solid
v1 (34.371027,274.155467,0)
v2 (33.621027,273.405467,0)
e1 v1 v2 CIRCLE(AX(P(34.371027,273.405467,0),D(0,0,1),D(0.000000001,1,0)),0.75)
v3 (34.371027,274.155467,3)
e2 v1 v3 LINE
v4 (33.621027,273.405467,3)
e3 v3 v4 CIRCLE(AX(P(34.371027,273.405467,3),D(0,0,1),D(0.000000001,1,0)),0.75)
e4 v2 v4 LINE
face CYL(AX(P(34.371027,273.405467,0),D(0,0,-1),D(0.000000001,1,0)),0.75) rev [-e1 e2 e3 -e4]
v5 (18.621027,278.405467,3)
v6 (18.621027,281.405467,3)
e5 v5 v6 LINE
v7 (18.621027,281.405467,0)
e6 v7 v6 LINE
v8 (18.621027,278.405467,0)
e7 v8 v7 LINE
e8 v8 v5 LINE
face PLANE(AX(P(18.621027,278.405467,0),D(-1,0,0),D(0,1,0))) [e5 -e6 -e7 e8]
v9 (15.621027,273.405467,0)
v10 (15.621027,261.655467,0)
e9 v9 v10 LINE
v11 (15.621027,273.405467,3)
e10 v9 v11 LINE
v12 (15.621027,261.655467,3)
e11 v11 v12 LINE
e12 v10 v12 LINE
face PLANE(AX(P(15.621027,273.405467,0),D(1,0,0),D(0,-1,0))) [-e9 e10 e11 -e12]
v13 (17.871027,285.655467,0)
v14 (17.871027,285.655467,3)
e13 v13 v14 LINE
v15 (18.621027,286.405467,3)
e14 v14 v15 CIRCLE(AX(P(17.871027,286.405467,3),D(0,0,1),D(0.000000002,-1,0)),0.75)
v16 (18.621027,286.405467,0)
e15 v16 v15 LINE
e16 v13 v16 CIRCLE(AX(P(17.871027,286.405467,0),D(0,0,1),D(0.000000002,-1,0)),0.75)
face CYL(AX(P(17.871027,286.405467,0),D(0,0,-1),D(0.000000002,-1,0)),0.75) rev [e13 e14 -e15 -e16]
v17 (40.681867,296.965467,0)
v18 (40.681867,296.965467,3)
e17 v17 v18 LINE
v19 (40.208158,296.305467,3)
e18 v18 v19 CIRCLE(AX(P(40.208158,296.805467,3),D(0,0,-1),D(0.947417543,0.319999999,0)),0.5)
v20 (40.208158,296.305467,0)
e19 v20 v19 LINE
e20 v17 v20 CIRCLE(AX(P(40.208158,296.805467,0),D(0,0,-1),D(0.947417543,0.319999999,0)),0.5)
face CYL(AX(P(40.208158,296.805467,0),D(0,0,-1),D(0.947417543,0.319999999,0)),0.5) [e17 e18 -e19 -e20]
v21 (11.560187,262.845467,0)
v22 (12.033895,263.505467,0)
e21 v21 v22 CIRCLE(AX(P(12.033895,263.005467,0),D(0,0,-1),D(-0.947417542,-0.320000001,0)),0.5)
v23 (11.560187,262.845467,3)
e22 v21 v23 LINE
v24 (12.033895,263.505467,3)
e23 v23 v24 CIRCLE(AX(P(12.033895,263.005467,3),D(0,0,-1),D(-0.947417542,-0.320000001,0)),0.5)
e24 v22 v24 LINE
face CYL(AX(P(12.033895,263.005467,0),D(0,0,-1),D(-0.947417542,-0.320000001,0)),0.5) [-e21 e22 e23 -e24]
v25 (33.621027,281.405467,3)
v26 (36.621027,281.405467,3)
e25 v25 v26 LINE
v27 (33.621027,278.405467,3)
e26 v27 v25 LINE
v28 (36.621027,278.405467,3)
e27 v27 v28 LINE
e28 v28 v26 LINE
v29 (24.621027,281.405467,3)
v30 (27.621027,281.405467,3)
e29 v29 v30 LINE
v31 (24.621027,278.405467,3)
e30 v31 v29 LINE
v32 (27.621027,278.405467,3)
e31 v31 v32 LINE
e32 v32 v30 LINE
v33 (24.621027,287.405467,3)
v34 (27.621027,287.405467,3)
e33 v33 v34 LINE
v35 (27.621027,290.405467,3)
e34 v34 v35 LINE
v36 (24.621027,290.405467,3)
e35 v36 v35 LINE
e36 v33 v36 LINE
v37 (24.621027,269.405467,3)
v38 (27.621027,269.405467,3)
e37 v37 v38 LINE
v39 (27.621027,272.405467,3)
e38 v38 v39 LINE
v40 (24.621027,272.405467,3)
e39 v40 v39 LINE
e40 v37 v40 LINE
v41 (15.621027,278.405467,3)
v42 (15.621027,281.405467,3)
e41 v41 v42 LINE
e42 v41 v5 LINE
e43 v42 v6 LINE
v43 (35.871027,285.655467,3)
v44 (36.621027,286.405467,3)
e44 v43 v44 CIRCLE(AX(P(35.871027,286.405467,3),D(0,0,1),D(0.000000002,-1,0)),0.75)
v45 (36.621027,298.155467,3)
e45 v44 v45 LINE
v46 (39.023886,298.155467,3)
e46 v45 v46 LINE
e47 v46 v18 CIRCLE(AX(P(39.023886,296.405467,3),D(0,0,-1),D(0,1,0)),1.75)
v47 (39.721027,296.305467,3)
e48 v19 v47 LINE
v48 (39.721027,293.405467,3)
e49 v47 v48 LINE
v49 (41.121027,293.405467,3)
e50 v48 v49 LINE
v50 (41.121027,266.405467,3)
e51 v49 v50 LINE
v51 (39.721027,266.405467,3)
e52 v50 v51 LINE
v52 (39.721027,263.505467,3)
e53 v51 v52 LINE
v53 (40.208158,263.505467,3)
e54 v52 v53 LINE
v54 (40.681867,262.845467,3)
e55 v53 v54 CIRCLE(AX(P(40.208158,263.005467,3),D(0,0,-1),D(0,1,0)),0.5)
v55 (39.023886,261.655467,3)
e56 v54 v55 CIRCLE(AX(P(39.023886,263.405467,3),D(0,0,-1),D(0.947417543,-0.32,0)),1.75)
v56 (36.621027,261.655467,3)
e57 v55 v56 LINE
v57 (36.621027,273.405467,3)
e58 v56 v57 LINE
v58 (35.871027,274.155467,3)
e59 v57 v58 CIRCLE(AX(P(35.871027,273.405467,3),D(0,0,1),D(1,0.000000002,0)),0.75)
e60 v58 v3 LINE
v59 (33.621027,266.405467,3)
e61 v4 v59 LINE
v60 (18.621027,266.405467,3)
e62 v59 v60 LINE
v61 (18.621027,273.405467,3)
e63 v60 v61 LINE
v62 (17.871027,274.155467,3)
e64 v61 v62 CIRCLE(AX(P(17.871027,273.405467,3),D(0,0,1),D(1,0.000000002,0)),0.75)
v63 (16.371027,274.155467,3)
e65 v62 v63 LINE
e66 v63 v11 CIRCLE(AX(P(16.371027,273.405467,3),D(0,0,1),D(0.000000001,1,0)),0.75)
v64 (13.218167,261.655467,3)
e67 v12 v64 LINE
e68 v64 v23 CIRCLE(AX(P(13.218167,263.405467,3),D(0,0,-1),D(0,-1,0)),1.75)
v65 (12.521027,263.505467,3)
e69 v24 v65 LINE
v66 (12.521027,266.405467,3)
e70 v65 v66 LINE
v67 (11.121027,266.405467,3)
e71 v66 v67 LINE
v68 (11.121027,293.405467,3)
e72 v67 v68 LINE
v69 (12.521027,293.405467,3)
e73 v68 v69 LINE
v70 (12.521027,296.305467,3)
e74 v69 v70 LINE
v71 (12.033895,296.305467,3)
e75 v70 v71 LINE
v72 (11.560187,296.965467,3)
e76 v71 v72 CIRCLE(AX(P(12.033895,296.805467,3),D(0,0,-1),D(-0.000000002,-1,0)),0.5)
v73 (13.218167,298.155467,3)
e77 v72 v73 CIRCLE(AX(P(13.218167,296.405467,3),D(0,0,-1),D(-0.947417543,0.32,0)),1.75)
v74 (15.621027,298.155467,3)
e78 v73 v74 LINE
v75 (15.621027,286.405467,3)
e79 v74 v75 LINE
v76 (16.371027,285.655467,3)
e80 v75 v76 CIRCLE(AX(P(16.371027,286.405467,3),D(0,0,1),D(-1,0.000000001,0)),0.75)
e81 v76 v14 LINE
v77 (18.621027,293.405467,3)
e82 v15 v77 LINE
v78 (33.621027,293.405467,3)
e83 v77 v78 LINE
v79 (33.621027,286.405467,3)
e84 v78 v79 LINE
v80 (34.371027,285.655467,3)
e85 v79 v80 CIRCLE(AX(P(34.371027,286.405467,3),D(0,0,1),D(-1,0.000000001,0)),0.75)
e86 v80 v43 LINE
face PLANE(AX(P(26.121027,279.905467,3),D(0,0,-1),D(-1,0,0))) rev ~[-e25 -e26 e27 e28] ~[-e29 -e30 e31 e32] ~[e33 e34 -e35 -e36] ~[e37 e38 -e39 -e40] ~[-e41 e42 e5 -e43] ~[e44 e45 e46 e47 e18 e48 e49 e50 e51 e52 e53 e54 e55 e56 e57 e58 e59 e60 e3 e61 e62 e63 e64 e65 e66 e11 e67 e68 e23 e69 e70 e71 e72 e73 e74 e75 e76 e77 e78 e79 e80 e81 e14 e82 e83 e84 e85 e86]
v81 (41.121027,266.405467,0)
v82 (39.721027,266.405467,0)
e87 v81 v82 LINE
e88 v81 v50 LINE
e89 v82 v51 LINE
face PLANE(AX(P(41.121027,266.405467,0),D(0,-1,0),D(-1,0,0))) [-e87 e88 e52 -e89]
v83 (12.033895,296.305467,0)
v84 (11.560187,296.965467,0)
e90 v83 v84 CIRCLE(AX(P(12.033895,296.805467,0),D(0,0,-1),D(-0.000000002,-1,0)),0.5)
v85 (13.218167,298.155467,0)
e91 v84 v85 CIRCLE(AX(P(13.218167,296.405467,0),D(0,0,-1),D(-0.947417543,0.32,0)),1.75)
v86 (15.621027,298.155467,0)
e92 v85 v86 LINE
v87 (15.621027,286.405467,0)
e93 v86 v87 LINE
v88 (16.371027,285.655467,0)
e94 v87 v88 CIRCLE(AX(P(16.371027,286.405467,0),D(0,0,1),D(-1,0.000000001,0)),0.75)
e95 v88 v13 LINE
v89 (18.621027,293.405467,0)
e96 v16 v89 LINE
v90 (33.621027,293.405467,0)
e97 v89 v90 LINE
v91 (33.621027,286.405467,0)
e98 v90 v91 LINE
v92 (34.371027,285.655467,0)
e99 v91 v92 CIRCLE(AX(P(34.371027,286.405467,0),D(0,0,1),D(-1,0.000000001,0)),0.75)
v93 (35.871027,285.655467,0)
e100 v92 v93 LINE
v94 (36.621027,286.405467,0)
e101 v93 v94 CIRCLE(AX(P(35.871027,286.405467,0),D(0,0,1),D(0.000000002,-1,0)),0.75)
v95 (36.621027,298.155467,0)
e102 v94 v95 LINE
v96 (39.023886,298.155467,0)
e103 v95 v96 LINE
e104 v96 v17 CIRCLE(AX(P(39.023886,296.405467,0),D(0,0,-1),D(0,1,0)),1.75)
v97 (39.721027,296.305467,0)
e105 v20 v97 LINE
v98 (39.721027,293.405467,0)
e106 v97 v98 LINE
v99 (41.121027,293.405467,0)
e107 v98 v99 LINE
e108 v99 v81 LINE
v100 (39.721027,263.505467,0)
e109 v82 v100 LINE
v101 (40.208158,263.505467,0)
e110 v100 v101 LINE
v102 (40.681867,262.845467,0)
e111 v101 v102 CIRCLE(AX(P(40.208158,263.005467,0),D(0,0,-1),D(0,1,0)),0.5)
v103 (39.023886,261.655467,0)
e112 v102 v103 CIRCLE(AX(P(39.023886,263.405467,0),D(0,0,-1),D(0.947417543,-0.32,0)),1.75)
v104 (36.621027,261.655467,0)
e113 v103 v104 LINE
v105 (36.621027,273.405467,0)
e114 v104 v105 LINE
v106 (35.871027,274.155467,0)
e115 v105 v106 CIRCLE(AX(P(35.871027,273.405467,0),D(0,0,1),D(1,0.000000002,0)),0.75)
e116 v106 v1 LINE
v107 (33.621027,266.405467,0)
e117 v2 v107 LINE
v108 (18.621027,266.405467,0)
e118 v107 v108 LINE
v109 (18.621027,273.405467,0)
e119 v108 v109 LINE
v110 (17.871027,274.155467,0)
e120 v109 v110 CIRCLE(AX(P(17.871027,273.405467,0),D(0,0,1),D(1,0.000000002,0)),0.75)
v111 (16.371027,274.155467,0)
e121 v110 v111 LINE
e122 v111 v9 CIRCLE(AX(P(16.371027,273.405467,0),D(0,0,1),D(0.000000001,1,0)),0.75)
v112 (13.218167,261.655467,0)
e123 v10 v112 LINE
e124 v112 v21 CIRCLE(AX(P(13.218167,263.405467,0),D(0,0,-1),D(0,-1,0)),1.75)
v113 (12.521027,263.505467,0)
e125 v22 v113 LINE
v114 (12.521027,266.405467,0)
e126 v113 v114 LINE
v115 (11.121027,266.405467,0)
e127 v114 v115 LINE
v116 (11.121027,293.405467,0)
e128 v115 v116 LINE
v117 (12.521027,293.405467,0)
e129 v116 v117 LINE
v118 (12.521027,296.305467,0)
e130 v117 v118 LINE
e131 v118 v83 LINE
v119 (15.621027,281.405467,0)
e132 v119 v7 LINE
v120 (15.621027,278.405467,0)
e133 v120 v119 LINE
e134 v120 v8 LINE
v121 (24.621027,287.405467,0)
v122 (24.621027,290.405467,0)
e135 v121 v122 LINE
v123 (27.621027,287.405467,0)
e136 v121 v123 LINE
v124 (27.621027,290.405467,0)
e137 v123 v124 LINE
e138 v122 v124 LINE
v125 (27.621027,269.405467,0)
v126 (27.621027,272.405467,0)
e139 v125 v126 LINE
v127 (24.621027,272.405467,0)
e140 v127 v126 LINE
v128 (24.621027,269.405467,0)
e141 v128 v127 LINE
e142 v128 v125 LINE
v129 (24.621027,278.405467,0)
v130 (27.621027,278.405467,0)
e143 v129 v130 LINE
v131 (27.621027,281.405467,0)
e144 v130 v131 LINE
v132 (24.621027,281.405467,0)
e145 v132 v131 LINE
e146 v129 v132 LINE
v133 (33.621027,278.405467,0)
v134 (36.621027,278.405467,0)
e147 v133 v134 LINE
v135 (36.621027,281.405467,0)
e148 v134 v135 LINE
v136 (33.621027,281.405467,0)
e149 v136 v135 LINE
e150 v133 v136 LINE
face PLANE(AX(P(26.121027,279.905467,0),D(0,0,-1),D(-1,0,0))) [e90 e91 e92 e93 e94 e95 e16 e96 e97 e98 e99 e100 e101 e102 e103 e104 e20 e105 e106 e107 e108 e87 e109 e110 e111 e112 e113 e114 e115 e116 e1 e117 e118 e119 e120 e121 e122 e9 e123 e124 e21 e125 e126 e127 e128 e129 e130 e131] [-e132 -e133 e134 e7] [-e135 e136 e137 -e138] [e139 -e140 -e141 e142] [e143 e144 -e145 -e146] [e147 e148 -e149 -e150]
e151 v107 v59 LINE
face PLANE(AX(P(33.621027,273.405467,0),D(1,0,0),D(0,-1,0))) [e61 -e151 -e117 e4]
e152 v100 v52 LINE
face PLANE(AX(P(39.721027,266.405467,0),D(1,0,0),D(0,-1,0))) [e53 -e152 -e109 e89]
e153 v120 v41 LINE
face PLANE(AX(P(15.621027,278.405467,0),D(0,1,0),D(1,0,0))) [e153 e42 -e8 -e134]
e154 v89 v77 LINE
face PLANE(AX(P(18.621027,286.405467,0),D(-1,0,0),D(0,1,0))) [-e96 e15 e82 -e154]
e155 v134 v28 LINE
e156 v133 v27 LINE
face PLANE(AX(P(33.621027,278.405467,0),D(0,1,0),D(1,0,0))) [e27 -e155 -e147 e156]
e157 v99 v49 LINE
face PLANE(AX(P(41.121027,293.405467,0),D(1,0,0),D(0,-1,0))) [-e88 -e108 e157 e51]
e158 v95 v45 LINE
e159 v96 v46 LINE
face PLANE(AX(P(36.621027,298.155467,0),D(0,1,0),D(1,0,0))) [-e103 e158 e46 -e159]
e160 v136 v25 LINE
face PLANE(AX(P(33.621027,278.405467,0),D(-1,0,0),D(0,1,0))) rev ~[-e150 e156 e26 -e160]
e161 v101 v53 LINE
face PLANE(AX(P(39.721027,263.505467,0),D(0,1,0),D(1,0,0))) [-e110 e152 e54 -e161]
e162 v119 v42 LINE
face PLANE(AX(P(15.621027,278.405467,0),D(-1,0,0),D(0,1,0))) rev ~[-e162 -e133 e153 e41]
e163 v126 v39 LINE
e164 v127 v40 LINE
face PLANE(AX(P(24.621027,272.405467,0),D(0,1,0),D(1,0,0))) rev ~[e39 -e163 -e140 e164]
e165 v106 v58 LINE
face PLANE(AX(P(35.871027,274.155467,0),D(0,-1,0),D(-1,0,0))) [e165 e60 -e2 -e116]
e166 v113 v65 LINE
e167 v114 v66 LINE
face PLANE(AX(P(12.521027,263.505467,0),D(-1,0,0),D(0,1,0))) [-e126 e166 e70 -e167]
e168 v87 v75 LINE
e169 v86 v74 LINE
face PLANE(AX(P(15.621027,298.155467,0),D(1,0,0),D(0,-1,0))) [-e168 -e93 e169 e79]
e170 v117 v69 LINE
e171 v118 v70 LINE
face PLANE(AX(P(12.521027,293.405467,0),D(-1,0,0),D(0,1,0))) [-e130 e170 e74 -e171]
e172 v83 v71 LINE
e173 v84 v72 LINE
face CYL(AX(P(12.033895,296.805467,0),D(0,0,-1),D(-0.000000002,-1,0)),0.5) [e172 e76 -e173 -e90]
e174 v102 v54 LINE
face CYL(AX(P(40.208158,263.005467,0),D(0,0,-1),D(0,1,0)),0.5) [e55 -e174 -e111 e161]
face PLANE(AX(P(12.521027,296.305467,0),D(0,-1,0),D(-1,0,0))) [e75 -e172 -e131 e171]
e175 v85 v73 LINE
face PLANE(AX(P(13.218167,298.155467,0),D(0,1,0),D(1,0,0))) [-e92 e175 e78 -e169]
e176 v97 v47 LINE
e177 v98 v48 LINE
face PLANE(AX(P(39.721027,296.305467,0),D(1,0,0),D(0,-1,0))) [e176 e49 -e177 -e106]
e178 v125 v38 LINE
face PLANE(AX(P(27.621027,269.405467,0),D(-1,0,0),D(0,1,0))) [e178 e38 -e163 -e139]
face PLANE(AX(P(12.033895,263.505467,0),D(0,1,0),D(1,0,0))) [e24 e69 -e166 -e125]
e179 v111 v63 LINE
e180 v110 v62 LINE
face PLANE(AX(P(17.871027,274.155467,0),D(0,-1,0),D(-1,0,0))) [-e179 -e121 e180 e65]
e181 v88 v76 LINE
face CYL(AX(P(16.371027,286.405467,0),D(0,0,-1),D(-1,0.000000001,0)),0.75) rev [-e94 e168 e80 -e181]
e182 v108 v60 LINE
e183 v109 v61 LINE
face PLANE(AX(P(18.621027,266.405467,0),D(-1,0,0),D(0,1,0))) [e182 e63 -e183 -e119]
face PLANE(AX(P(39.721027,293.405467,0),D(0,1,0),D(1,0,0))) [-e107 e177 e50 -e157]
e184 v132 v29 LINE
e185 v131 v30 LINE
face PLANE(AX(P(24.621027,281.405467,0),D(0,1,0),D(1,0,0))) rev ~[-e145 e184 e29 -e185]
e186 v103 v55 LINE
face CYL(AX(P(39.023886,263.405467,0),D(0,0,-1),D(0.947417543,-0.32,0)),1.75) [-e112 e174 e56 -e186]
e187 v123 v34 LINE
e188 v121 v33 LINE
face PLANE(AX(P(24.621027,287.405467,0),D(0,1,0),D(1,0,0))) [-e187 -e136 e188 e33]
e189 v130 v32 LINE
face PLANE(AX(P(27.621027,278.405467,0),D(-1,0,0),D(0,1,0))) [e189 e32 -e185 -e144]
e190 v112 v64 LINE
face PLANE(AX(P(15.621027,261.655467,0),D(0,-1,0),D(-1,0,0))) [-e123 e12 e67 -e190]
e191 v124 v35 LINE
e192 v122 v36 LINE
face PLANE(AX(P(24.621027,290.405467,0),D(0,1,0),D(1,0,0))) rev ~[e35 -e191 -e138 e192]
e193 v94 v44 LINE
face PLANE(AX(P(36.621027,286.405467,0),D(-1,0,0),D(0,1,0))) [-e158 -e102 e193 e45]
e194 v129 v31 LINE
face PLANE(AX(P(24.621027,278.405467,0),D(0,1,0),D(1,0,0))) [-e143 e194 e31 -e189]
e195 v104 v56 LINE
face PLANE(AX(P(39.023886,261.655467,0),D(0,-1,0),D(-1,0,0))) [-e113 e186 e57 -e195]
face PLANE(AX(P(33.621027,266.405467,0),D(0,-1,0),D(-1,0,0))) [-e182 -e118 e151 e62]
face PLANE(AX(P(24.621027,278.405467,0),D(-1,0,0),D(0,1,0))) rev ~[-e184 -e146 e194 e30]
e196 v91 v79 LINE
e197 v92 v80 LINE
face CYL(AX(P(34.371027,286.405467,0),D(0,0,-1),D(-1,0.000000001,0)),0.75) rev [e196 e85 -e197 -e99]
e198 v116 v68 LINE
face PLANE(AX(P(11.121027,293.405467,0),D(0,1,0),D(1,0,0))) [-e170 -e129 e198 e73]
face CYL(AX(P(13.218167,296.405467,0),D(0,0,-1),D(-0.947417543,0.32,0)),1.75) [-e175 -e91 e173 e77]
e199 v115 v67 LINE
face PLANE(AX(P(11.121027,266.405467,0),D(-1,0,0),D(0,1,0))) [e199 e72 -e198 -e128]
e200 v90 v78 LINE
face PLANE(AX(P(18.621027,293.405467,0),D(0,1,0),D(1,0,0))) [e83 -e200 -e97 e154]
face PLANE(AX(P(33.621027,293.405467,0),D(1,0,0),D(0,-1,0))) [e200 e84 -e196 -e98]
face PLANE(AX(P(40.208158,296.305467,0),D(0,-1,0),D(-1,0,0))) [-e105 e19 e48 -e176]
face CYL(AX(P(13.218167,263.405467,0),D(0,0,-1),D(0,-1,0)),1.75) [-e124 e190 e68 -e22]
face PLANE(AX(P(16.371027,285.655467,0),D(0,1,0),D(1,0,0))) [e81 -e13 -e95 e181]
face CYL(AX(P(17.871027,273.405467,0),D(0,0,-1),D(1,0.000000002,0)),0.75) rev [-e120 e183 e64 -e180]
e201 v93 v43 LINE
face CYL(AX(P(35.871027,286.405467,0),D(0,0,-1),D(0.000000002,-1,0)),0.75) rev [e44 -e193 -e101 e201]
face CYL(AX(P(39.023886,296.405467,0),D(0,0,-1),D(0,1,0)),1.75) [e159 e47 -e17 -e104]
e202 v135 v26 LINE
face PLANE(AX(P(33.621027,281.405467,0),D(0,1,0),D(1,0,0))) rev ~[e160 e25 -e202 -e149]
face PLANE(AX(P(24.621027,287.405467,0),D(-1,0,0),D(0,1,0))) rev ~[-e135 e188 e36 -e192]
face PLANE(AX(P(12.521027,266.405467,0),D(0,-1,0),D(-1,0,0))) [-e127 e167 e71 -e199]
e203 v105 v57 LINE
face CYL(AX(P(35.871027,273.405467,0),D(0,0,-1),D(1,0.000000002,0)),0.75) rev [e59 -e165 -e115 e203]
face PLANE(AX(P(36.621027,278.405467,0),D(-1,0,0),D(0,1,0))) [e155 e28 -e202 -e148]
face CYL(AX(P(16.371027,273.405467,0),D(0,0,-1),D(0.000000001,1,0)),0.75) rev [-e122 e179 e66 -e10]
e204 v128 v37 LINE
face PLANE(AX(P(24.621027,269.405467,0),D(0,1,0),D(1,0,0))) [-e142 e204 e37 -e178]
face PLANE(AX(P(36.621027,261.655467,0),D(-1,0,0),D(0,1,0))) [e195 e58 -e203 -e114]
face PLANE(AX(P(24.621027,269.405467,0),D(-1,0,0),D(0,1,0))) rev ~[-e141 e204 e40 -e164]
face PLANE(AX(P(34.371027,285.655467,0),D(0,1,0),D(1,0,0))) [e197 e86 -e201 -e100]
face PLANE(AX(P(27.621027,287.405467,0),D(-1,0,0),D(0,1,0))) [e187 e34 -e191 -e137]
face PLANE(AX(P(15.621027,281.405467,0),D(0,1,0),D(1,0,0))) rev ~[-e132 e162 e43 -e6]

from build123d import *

# Parameters (mm, degrees)
MODEL_W                 = 3
MODEL_H                 = 3
SALIENTE_EXTRUIR1_DEPTH = 3


with BuildPart() as part:
    # Model → Saliente-Extruir1 (new body)
    with BuildSketch(Plane.XY):
        with BuildLine():
            Line((36.621026826, 298.155466529), (39.023886305, 298.155466529))
            ThreePointArc((39.023886305, 298.155466529), (40.044302886, 297.82717325), (40.681867004, 296.965466529))
            ThreePointArc((40.681867004, 296.965466529), (40.614360153, 296.513918935), (40.208158233, 296.305466529))
            Line((40.208158233, 296.305466529), (39.721026826, 296.305466529))
            Line((39.721026826, 296.305466529), (39.721026826, 293.405466529))
            Line((39.721026826, 293.405466529), (41.121026826, 293.405466529))
            Line((41.121026826, 293.405466529), (41.121026826, 266.405466529))
            Line((41.121026826, 266.405466529), (39.721026826, 266.405466529))
            Line((39.721026826, 266.405466529), (39.721026826, 263.505466529))
            Line((39.721026826, 263.505466529), (40.208158233, 263.505466529))
            ThreePointArc((40.208158233, 263.505466529), (40.614360153, 263.297014124), (40.681867004, 262.845466529))
            ThreePointArc((40.681867004, 262.845466529), (40.044302886, 261.983759808), (39.023886305, 261.655466529))
            Line((39.023886305, 261.655466529), (36.621026826, 261.655466529))
            Line((36.621026826, 261.655466529), (36.621026826, 273.405466529))
            ThreePointArc((36.621026826, 273.405466529), (36.401356911, 273.935796615), (35.871026826, 274.155466529))
            Line((35.871026826, 274.155466529), (34.371026826, 274.155466529))
            ThreePointArc((34.371026826, 274.155466529), (33.84069674, 273.935796615), (33.621026826, 273.405466529))
            Line((33.621026826, 273.405466529), (33.621026826, 266.405466529))
            Line((33.621026826, 266.405466529), (18.621026826, 266.405466529))
            Line((18.621026826, 266.405466529), (18.621026826, 273.405466529))
            ThreePointArc((18.621026826, 273.405466529), (18.401356911, 273.935796615), (17.871026826, 274.155466529))
            Line((17.871026826, 274.155466529), (16.371026826, 274.155466529))
            ThreePointArc((16.371026826, 274.155466529), (15.84069674, 273.935796615), (15.621026826, 273.405466529))
            Line((15.621026826, 273.405466529), (15.621026826, 261.655466529))
            Line((15.621026826, 261.655466529), (13.218167347, 261.655466529))
            ThreePointArc((13.218167347, 261.655466529), (12.197750765, 261.983759808), (11.560186647, 262.845466529))
            ThreePointArc((11.560186647, 262.845466529), (11.627693498, 263.297014124), (12.033895418, 263.505466529))
            Line((12.033895418, 263.505466529), (12.521026826, 263.505466529))
            Line((12.521026826, 263.505466529), (12.521026826, 266.405466529))
            Line((12.521026826, 266.405466529), (11.121026826, 266.405466529))
            Line((11.121026826, 266.405466529), (11.121026826, 293.405466529))
            Line((11.121026826, 293.405466529), (12.521026826, 293.405466529))
            Line((12.521026826, 293.405466529), (12.521026826, 296.305466529))
            Line((12.521026826, 296.305466529), (12.033895418, 296.305466529))
            ThreePointArc((12.033895418, 296.305466529), (11.627693498, 296.513918935), (11.560186647, 296.965466529))
            ThreePointArc((11.560186647, 296.965466529), (12.197750765, 297.82717325), (13.218167347, 298.155466529))
            Line((13.218167347, 298.155466529), (15.621026826, 298.155466529))
            Line((15.621026826, 298.155466529), (15.621026826, 286.405466529))
            ThreePointArc((15.621026826, 286.405466529), (15.84069674, 285.875136443), (16.371026826, 285.655466529))
            Line((16.371026826, 285.655466529), (17.871026826, 285.655466529))
            ThreePointArc((17.871026826, 285.655466529), (18.401356911, 285.875136443), (18.621026826, 286.405466529))
            Line((18.621026826, 286.405466529), (18.621026826, 293.405466529))
            Line((18.621026826, 293.405466529), (33.621026826, 293.405466529))
            Line((33.621026826, 293.405466529), (33.621026826, 286.405466529))
            ThreePointArc((33.621026826, 286.405466529), (33.84069674, 285.875136443), (34.371026826, 285.655466529))
            Line((34.371026826, 285.655466529), (35.871026826, 285.655466529))
            ThreePointArc((35.871026826, 285.655466529), (36.401356911, 285.875136443), (36.621026826, 286.405466529))
            Line((36.621026826, 286.405466529), (36.621026826, 298.155466529))
        make_face()
        with Locations((26.121026826, 288.905466529)):
            Rectangle(MODEL_W, MODEL_H, mode=Mode.SUBTRACT)
        with Locations((17.121026826, 279.905466529)):
            Rectangle(MODEL_W, MODEL_H, mode=Mode.SUBTRACT)
        with Locations((26.121026826, 279.905466529)):
            Rectangle(MODEL_W, MODEL_H, mode=Mode.SUBTRACT)
        with Locations((26.121026826, 270.905466529)):
            Rectangle(MODEL_W, MODEL_H, mode=Mode.SUBTRACT)
        with Locations((35.121026826, 279.905466529)):
            Rectangle(MODEL_W, MODEL_H, mode=Mode.SUBTRACT)
    extrude(amount=SALIENTE_EXTRUIR1_DEPTH)


solid = part.part
